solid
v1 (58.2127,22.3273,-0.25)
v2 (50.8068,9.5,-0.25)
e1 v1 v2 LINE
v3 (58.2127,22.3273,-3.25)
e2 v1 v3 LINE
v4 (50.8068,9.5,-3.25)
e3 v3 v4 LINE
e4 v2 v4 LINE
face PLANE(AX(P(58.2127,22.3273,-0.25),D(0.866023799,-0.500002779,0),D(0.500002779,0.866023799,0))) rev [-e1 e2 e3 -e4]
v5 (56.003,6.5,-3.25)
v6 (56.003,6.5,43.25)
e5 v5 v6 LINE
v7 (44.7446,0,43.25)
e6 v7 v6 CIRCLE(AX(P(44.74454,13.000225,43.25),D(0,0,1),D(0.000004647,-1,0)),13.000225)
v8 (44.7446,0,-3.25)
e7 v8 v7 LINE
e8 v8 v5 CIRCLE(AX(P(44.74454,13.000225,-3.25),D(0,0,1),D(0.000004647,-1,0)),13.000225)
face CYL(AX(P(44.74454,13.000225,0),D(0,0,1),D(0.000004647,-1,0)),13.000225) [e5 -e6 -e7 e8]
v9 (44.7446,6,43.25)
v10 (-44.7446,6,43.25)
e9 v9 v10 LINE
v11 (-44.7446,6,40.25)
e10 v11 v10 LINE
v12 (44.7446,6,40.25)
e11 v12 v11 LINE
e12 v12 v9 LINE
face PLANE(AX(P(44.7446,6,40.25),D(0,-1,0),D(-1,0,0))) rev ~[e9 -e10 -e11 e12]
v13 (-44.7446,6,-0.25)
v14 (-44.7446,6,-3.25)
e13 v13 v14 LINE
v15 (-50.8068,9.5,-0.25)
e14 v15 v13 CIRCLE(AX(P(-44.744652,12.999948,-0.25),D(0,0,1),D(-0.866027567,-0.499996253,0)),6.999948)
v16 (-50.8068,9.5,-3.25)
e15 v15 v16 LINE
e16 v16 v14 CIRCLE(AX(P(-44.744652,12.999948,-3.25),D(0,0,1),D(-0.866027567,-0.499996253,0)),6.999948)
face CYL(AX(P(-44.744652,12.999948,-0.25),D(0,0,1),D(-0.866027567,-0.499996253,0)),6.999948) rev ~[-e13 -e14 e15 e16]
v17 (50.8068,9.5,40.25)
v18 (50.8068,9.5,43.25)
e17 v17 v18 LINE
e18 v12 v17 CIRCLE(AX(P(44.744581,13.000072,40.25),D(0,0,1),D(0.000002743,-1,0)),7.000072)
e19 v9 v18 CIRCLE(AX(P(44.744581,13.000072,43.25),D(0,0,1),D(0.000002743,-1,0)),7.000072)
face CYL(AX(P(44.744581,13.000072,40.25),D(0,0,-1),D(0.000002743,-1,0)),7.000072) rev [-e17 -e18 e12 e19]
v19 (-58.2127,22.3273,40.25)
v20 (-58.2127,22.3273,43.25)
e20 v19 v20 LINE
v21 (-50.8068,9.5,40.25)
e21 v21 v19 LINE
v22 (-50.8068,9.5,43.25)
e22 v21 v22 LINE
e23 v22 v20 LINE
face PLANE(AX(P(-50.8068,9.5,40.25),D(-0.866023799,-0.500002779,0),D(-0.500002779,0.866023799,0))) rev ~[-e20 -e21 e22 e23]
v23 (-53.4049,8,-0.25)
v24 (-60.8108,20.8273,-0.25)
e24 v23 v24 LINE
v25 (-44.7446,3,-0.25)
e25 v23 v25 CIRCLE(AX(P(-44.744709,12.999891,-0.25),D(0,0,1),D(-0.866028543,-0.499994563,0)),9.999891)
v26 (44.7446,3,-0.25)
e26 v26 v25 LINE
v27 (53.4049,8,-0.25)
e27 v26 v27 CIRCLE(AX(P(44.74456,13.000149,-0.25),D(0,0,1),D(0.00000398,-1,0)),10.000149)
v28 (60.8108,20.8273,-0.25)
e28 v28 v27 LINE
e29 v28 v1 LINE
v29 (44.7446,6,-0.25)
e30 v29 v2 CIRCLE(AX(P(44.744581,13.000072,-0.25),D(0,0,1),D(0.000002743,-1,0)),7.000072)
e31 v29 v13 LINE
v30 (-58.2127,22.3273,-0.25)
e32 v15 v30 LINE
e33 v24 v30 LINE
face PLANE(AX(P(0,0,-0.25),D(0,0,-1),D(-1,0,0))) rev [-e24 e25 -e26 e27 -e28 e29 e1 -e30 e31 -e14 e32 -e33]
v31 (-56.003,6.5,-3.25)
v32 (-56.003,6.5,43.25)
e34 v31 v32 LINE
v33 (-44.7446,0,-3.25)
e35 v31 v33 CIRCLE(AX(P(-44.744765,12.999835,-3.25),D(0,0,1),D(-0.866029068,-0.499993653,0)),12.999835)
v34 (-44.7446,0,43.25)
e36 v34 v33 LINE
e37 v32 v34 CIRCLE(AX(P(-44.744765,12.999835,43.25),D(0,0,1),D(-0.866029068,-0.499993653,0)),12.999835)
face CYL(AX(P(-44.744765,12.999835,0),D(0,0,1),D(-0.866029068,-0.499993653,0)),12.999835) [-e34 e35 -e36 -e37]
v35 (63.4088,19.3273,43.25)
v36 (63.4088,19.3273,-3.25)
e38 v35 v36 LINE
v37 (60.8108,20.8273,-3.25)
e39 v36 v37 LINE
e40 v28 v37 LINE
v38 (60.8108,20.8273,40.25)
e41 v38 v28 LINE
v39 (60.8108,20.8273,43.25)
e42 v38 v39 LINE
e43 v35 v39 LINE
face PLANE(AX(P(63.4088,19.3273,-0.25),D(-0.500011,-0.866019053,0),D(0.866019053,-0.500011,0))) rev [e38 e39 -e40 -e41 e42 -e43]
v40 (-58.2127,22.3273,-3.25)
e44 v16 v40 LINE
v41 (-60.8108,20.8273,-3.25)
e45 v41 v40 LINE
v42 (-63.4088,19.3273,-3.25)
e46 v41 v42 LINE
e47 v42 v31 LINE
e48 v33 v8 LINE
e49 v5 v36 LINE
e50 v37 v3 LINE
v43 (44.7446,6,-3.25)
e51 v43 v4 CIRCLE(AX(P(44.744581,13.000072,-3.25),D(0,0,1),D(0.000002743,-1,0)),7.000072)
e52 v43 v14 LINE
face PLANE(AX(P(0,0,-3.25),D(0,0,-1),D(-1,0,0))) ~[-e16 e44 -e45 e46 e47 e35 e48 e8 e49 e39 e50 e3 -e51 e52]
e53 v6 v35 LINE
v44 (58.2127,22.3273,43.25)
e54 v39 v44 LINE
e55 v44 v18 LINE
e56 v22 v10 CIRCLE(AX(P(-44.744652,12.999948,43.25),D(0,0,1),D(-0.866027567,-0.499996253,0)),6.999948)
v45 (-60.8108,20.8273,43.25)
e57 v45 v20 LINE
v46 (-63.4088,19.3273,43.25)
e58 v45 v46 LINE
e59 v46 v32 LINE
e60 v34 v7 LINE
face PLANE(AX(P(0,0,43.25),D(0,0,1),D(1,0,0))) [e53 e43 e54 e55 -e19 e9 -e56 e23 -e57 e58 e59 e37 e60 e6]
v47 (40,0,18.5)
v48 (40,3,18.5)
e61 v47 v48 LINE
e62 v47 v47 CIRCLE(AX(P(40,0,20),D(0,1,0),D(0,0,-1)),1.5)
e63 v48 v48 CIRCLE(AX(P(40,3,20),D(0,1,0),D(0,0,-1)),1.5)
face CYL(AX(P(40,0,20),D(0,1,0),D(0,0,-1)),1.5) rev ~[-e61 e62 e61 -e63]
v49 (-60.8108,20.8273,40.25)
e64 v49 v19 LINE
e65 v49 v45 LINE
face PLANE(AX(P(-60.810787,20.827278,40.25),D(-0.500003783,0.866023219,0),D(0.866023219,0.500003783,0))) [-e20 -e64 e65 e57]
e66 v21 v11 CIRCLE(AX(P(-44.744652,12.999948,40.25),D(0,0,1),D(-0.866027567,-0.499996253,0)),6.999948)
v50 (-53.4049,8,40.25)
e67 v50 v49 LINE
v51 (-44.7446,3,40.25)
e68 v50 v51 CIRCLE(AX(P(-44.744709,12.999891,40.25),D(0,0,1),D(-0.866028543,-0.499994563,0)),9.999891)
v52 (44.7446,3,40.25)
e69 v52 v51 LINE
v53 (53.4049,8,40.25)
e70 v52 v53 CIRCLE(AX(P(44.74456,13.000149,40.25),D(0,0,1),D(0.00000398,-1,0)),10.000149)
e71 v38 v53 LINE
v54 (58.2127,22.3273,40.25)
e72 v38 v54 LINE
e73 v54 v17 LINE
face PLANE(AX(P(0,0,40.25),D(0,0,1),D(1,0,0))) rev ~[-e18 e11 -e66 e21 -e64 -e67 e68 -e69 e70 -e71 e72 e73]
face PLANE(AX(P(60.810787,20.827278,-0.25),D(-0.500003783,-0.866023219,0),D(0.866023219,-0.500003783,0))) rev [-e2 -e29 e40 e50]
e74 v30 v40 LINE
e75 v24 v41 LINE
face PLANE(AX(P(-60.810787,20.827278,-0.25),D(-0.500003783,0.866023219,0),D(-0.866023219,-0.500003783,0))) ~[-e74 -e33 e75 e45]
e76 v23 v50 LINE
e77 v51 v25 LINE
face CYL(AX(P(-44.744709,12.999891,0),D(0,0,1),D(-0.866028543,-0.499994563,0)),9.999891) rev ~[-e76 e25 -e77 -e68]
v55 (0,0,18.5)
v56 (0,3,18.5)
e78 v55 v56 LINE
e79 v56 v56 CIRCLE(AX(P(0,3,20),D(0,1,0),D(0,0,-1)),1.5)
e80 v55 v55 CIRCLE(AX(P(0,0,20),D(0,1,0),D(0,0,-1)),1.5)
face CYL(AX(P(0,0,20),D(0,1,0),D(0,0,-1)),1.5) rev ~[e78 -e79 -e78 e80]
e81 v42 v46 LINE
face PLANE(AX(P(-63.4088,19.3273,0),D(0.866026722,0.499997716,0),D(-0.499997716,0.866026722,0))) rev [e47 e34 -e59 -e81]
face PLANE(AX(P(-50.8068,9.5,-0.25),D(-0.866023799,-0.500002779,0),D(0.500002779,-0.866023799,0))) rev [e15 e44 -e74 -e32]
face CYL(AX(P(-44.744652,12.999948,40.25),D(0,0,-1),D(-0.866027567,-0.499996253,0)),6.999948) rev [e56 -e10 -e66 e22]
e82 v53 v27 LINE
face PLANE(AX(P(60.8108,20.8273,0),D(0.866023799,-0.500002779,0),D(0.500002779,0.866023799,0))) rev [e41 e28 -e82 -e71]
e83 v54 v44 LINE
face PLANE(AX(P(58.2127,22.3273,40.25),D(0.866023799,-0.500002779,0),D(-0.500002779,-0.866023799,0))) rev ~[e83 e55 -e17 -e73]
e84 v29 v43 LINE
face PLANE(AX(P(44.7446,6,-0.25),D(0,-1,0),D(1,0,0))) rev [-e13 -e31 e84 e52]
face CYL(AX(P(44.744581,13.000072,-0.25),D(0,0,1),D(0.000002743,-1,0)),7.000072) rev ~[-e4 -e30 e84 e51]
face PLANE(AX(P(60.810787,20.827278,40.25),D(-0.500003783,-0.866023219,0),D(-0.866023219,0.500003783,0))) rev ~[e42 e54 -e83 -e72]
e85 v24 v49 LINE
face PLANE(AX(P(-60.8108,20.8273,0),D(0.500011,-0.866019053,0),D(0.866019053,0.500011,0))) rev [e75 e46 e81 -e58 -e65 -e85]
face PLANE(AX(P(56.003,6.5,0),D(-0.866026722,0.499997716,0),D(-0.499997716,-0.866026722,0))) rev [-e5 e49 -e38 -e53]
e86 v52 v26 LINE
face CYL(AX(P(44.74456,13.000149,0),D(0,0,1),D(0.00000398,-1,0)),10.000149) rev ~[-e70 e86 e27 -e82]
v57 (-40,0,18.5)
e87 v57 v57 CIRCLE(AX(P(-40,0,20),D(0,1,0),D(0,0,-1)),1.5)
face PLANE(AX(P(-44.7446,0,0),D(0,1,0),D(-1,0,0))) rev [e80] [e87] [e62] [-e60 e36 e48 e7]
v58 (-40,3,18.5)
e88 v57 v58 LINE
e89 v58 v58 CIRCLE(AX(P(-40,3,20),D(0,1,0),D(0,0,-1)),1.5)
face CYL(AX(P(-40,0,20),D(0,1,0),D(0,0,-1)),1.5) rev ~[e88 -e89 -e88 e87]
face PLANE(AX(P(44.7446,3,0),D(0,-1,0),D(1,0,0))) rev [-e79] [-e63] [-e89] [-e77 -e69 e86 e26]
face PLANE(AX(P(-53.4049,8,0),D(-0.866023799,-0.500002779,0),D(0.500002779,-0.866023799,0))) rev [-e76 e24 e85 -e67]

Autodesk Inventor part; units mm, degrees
ref_plane "YZ Plane" through (0, 0, 0) normal (1, 0, 0) x (0, 1, 0)
ref_plane "XZ Plane" through (0, 0, 0) normal (0, 1, 0) x (-1, 0, 0)
sketch "Sketch1" plane through (0, 0, 0) normal (0, 0, 1) x (1, 0, 0)
  arc A0 (-53.4049, 8) -> (-44.7446, 3) centre (-44.7446, 13) ccw
  line L0 (-44.7446, 3) -> (44.7446, 3)
  arc A1 (44.7446, 3) -> (53.4049, 8) centre (44.7446, 13) ccw
  line L1 (53.4049, 8) -> (60.8108, 20.8273)
  line L2 (-60.8108, 20.8273) -> (-53.4049, 8)
  line L3 (63.4088, 19.3273) -> (56.003, 6.5)
  arc A2 (44.7446, 0) -> (56.003, 6.5) centre (44.7446, 13) ccw
  line L4 (44.7446, 0) -> (-44.7446, 0)
  arc A3 (-56.003, 6.5) -> (-44.7446, 0) centre (-44.7446, 13) ccw
  line L5 (-56.003, 6.5) -> (-63.4088, 19.3273)
  line L6 (-63.4088, 19.3273) -> (-60.8108, 20.8273)
  line L7 (-60.8108, 20.8273) -> (60.8108, 20.8273) construction
  line L8 (-63.4088, 19.3273) -> (63.4088, 19.3273) construction
  line L9 (60.8108, 20.8273) -> (63.4088, 19.3273)
  point P0 (0, 0)
  point P1 (0, 0)
extrude "Extrusion1" add sketch "Sketch1" along normal blind 40
sketch "Sketch2" plane through (-44.7446, 0, 0) normal (0, -1, 0) x (1, 0, 0)
  line L0 (89.4893, 0) -> (0, 0) projected
  line L1 (-11.2583, 0) -> (-11.2583, 40) projected
  line L2 (0, 0) -> (0, 40) projected
  line L3 (89.4893, 0) -> (89.4893, 40) projected
  point P0 (44.7446, 0)
  point P1 (4.7446, 20)
  point P2 (44.7446, 20)
  point P3 (84.7446, 20)
  point P4 (44.7446, 0)
  point P5 (-11.2583, 20)
  dimension "d3" = 40
  dimension "d4" = 40
  dimension "d30" = 4.7447
  dimension "d31" = 4.7447
hole "Hole1" at (-40, 0, 20) at (0, 0, 20) at (40, 0, 20) direction (0, 1, 0) diameter 3 end through all
sketch "Sketch3" plane through (-44.7446, 0, 0) normal (0, -1, 0) x (1, 0, 0)
  circle A0 centre (44.7446, 20) radius 1.5 projected
  line L0 (89.4893, 0) -> (0, 0) projected
  line L1 (0, 0) -> (0, 40) projected
  line L2 (0, 20) -> (89.4893, 20) construction
  line L3 (89.4893, 0) -> (89.4893, 40) projected
  point P0 (44.7446, 0)
  point P1 (24.7446, 7)
  point P2 (64.7446, 7)
  point P3 (24.7446, 33)
  point P4 (64.7446, 33)
  dimension "d12" = 20
  dimension "d13" = 20
  dimension "d14" = 7
hole "Hole2" [suppressed]
ref_plane "Work Plane2" through (0, 0, 20) normal (0, 0, 1) x (1, 0, 0)
sketch "Sketch5" plane through (0, 0, 40) normal (0, 0, 1) x (1, 0, 0)
  arc A0 (-53.4049, 8) -> (-44.7446, 3) centre (-44.7446, 13) ccw projected
  line L0 (-53.4049, 8) -> (-60.8108, 20.8273) projected
  line L1 (-60.8108, 20.8273) -> (-63.4088, 19.3273) projected
  line L2 (-63.4088, 19.3273) -> (-56.003, 6.5) projected
  arc A1 (-56.003, 6.5) -> (-44.7446, 0) centre (-44.7446, 13) ccw projected
  line L3 (-44.7446, 0) -> (44.7446, 0) projected
  arc A2 (44.7446, 0) -> (56.003, 6.5) centre (44.7446, 13) ccw projected
  line L4 (56.003, 6.5) -> (63.4088, 19.3273) projected
  line L5 (63.4088, 19.3273) -> (60.8108, 20.8273) projected
  line L6 (60.8108, 20.8273) -> (53.4049, 8) projected
  arc A3 (44.7446, 3) -> (53.4049, 8) centre (44.7446, 13) ccw projected
  line L7 (44.7446, 3) -> (-44.7446, 3) projected
  point P0 (0, 0)
extrude "Extrusion3" add sketch "Sketch5" along normal blind 0.25
sketch "Sketch6" plane through (0, 0, 40.25) normal (0, 0, 1) x (1, 0, 0)
  arc A0 (-53.4049, 8) -> (-44.7446, 3) centre (-44.7446, 13) ccw projected
  line L0 (-53.4049, 8) -> (-60.8108, 20.8273) projected
  line L1 (-60.8108, 20.8273) -> (-63.4088, 19.3273) projected
  line L2 (-63.4088, 19.3273) -> (-56.003, 6.5) projected
  arc A1 (-56.003, 6.5) -> (-44.7446, 0) centre (-44.7446, 13) ccw projected
  line L3 (-44.7446, 0) -> (44.7446, 0) projected
  arc A2 (44.7446, 0) -> (56.003, 6.5) centre (44.7446, 13) ccw projected
  line L4 (56.003, 6.5) -> (63.4088, 19.3273) projected
  line L5 (63.4088, 19.3273) -> (60.8108, 20.8273) projected
  line L6 (60.8108, 20.8273) -> (53.4049, 8) projected
  arc A3 (44.7446, 3) -> (53.4049, 8) centre (44.7446, 13) ccw projected
  line L7 (44.7446, 3) -> (-44.7446, 3) projected
  arc A4 (-50.8068, 9.5) -> (-44.7446, 6) centre (-44.7446, 13) ccw
  line L8 (-50.8068, 9.5) -> (-58.2127, 22.3273)
  line L9 (58.2127, 22.3273) -> (50.8068, 9.5)
  arc A5 (44.7446, 6) -> (50.8068, 9.5) centre (44.7446, 13) ccw
  line L10 (44.7446, 6) -> (-44.7446, 6)
  line L11 (-63.4088, 19.3273) -> (-60.8108, 20.8273) projected
  line L12 (-63.4088, 19.3273) -> (-58.2127, 22.3273)
  line L13 (63.4088, 19.3273) -> (58.2127, 22.3273)
  dimension "d27" = 3
extrude "Extrusion4" add sketch "Sketch6" along normal blind 3
mirror "Mirror2" about plane through (0, 0, 20) normal (0, 0, 1) of "Extrusion3", "Extrusion4"
equation "\"d4\" = d3"
equation "\"d13\" = d12"
properties part number "Drill Helper v 1"
